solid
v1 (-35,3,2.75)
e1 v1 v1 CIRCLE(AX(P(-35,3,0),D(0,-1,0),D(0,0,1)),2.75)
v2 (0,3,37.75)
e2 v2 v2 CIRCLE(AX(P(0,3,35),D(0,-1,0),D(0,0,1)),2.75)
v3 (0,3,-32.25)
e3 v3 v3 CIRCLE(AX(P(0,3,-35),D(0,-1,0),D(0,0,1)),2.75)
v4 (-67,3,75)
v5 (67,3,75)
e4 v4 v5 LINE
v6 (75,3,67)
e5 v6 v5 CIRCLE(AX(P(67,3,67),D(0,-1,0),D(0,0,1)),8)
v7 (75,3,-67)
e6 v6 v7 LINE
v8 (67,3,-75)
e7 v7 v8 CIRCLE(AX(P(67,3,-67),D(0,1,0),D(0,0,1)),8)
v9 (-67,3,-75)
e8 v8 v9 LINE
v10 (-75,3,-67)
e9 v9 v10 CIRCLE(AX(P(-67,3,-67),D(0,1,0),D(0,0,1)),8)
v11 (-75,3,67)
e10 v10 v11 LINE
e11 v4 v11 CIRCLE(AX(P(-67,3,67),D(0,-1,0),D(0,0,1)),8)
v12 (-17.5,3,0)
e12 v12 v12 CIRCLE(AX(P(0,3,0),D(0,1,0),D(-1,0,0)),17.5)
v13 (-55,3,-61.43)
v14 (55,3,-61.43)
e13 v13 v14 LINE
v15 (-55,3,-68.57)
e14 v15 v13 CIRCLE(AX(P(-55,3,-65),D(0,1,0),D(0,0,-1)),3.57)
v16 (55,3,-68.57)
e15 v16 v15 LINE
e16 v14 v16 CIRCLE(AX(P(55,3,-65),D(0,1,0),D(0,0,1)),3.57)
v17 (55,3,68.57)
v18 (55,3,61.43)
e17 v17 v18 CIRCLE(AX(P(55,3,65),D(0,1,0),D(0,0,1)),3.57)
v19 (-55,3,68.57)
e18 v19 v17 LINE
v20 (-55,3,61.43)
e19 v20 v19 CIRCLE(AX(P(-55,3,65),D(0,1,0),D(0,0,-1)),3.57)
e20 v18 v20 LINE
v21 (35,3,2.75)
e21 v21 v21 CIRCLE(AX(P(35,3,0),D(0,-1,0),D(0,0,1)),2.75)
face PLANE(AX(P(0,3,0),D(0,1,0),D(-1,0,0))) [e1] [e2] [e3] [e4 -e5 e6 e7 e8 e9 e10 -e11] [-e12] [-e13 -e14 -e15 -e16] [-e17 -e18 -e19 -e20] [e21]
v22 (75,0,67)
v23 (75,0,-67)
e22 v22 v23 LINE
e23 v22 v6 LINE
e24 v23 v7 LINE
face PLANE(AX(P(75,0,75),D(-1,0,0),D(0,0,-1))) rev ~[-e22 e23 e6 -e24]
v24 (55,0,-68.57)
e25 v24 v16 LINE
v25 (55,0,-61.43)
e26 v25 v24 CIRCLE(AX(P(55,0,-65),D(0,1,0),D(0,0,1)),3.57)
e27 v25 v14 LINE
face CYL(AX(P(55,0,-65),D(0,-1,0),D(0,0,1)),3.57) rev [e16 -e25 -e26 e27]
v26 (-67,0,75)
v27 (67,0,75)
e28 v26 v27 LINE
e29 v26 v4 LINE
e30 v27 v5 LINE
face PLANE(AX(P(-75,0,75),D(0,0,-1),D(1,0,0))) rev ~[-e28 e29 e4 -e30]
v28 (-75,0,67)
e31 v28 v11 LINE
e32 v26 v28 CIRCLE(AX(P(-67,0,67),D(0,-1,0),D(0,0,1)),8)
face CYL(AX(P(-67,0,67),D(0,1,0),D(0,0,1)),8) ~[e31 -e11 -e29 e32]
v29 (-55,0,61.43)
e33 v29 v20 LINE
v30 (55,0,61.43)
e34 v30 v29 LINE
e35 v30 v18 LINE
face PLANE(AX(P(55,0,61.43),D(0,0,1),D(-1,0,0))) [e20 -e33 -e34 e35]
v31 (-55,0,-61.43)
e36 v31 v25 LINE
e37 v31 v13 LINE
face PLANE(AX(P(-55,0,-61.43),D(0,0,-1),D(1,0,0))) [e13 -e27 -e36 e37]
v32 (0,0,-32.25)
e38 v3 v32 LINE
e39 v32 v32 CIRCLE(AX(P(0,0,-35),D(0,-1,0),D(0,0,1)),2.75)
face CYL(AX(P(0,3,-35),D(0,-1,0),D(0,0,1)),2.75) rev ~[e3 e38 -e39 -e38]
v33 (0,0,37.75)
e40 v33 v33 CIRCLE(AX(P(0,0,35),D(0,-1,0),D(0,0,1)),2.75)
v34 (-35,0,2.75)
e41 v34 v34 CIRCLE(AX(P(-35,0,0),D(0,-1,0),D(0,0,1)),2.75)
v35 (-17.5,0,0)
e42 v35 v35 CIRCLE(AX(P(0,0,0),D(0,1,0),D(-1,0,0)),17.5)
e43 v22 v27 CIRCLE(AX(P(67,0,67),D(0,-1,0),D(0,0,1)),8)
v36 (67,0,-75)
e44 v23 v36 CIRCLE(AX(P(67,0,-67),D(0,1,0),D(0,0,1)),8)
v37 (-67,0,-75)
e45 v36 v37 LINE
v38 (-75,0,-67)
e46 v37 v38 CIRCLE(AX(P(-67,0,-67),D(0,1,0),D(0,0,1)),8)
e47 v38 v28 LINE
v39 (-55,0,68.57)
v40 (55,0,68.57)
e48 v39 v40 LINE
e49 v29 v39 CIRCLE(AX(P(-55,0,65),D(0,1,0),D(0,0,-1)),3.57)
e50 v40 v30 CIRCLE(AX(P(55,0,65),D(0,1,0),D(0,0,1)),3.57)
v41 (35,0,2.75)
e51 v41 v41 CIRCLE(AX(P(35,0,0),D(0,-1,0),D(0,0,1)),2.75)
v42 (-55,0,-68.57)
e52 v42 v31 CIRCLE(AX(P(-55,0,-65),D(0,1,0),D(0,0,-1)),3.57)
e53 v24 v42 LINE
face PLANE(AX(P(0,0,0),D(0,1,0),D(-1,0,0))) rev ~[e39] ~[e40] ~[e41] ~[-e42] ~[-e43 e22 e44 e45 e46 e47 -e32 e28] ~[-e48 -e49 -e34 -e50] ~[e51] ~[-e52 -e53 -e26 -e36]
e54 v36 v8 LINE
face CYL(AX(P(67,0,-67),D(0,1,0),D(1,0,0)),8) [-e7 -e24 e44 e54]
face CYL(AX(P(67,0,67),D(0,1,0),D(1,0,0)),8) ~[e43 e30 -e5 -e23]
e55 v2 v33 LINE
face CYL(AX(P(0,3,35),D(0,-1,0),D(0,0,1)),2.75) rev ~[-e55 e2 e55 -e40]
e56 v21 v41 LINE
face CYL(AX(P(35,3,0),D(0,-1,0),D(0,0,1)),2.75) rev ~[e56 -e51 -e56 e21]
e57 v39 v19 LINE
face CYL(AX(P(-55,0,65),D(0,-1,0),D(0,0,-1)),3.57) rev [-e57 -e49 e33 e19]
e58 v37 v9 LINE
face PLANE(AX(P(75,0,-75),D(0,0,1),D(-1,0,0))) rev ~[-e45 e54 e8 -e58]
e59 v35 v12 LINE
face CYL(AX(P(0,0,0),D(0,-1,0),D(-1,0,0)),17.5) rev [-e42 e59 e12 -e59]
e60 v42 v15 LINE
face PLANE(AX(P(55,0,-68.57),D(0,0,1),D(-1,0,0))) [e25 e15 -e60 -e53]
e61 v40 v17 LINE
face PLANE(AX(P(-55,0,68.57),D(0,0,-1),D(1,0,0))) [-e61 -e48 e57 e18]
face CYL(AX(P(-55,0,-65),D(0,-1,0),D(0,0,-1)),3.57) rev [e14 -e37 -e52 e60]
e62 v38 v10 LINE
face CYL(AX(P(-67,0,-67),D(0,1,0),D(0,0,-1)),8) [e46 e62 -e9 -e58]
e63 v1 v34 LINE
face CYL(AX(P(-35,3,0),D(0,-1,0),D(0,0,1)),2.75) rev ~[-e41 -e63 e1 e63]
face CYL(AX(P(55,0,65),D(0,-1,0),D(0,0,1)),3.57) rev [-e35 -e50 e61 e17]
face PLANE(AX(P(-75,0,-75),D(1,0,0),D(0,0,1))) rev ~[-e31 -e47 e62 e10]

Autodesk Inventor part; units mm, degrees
ref_plane "YZ Plane" through (0, 0, 0) normal (1, 0, 0) x (0, 1, 0)
ref_plane "XZ Plane" through (0, 0, 0) normal (0, 1, 0) x (-1, 0, 0)
ref_plane "XY Plane" through (0, 0, 0) normal (0, 0, 1) x (1, 0, 0)
sketch "Sketch1" plane through (0, 0, 0) normal (0, 1, 0) x (-1, 0, 0)
  line L0 (-75, -75) -> (75, -75)
  line L1 (75, -75) -> (75, 75)
  line L2 (75, 75) -> (-75, 75)
  line L3 (-75, 75) -> (-75, -75)
  line L4 (-75, -75) -> (75, 75) construction
  line L5 (75, -75) -> (-75, 75) construction
  circle A0 centre (0, 0) radius 17.5
  line L6 (65, 65) -> (65, -65) construction
  line L7 (65, -65) -> (-65, -65) construction
  line L8 (-65, -65) -> (-65, 65) construction
  line L9 (-65, 65) -> (65, 65) construction
  line L10 (75, 65) -> (55, 65) construction
  line L11 (55, 65) -> (55, -65) construction
  line L12 (-75, 65) -> (-55, 65) construction
  line L13 (-55, 65) -> (-55, -65) construction
  line L14 (-55, 65) -> (55, 65) construction
  line L15 (-55, 61.43) -> (55, 61.43)
  line L16 (55, 68.57) -> (-55, 68.57)
  arc A1 (-55, 68.57) -> (-55, 61.43) centre (-55, 65) ccw
  arc A2 (55, 61.43) -> (55, 68.57) centre (55, 65) ccw
  line L17 (-55, -65) -> (55, -65) construction
  line L18 (-55, -68.57) -> (55, -68.57)
  line L19 (55, -61.43) -> (-55, -61.43)
  arc A3 (-55, -61.43) -> (-55, -68.57) centre (-55, -65) ccw
  arc A4 (55, -68.57) -> (55, -61.43) centre (55, -65) ccw
  point P0 (0, 65)
  point P1 (0, -65)
  dimension "d0" = 150
  dimension "d1" = 150
  dimension "d2" = 35
  dimension "d3" = 10
  dimension "d4" = 20
  dimension "d5" = 20
  dimension "d6" = 7.14
  dimension "d7" = 7.14
extrude "Extrusion1" add sketch "Sketch1" along normal blind 3
sketch "Sketch2" plane through (0, 3, 0) normal (0, 1, 0) x (1, 0, 0)
  circle A0 centre (0, 0) radius 35 construction
  line L0 (0, 0) -> (35, 0) construction
  line L1 (35, 0) -> (0, 35) construction
  line L2 (0, 35) -> (-35, 0) construction
  line L3 (-35, 0) -> (0, -35) construction
  line L4 (0, -35) -> (35, 0) construction
  dimension "d21" = 70
hole "Hole1" at (0, 3, 35) at (35, 3, 0) at (0, 3, -35) at (-35, 3, 0) direction (0, -1, 0) diameter 5.5 end through all clearance for "Hex Head Bolt" size "M5" standard "Ansi Metric M Profile"
fillet "Fillet1" radius 8 4 edges at (-75, 1.5, -75) (-75, 1.5, 75) (75, 1.5, 75) (75, 1.5, -75)
properties part number "BaseTopPlate" material "Aluminum"
